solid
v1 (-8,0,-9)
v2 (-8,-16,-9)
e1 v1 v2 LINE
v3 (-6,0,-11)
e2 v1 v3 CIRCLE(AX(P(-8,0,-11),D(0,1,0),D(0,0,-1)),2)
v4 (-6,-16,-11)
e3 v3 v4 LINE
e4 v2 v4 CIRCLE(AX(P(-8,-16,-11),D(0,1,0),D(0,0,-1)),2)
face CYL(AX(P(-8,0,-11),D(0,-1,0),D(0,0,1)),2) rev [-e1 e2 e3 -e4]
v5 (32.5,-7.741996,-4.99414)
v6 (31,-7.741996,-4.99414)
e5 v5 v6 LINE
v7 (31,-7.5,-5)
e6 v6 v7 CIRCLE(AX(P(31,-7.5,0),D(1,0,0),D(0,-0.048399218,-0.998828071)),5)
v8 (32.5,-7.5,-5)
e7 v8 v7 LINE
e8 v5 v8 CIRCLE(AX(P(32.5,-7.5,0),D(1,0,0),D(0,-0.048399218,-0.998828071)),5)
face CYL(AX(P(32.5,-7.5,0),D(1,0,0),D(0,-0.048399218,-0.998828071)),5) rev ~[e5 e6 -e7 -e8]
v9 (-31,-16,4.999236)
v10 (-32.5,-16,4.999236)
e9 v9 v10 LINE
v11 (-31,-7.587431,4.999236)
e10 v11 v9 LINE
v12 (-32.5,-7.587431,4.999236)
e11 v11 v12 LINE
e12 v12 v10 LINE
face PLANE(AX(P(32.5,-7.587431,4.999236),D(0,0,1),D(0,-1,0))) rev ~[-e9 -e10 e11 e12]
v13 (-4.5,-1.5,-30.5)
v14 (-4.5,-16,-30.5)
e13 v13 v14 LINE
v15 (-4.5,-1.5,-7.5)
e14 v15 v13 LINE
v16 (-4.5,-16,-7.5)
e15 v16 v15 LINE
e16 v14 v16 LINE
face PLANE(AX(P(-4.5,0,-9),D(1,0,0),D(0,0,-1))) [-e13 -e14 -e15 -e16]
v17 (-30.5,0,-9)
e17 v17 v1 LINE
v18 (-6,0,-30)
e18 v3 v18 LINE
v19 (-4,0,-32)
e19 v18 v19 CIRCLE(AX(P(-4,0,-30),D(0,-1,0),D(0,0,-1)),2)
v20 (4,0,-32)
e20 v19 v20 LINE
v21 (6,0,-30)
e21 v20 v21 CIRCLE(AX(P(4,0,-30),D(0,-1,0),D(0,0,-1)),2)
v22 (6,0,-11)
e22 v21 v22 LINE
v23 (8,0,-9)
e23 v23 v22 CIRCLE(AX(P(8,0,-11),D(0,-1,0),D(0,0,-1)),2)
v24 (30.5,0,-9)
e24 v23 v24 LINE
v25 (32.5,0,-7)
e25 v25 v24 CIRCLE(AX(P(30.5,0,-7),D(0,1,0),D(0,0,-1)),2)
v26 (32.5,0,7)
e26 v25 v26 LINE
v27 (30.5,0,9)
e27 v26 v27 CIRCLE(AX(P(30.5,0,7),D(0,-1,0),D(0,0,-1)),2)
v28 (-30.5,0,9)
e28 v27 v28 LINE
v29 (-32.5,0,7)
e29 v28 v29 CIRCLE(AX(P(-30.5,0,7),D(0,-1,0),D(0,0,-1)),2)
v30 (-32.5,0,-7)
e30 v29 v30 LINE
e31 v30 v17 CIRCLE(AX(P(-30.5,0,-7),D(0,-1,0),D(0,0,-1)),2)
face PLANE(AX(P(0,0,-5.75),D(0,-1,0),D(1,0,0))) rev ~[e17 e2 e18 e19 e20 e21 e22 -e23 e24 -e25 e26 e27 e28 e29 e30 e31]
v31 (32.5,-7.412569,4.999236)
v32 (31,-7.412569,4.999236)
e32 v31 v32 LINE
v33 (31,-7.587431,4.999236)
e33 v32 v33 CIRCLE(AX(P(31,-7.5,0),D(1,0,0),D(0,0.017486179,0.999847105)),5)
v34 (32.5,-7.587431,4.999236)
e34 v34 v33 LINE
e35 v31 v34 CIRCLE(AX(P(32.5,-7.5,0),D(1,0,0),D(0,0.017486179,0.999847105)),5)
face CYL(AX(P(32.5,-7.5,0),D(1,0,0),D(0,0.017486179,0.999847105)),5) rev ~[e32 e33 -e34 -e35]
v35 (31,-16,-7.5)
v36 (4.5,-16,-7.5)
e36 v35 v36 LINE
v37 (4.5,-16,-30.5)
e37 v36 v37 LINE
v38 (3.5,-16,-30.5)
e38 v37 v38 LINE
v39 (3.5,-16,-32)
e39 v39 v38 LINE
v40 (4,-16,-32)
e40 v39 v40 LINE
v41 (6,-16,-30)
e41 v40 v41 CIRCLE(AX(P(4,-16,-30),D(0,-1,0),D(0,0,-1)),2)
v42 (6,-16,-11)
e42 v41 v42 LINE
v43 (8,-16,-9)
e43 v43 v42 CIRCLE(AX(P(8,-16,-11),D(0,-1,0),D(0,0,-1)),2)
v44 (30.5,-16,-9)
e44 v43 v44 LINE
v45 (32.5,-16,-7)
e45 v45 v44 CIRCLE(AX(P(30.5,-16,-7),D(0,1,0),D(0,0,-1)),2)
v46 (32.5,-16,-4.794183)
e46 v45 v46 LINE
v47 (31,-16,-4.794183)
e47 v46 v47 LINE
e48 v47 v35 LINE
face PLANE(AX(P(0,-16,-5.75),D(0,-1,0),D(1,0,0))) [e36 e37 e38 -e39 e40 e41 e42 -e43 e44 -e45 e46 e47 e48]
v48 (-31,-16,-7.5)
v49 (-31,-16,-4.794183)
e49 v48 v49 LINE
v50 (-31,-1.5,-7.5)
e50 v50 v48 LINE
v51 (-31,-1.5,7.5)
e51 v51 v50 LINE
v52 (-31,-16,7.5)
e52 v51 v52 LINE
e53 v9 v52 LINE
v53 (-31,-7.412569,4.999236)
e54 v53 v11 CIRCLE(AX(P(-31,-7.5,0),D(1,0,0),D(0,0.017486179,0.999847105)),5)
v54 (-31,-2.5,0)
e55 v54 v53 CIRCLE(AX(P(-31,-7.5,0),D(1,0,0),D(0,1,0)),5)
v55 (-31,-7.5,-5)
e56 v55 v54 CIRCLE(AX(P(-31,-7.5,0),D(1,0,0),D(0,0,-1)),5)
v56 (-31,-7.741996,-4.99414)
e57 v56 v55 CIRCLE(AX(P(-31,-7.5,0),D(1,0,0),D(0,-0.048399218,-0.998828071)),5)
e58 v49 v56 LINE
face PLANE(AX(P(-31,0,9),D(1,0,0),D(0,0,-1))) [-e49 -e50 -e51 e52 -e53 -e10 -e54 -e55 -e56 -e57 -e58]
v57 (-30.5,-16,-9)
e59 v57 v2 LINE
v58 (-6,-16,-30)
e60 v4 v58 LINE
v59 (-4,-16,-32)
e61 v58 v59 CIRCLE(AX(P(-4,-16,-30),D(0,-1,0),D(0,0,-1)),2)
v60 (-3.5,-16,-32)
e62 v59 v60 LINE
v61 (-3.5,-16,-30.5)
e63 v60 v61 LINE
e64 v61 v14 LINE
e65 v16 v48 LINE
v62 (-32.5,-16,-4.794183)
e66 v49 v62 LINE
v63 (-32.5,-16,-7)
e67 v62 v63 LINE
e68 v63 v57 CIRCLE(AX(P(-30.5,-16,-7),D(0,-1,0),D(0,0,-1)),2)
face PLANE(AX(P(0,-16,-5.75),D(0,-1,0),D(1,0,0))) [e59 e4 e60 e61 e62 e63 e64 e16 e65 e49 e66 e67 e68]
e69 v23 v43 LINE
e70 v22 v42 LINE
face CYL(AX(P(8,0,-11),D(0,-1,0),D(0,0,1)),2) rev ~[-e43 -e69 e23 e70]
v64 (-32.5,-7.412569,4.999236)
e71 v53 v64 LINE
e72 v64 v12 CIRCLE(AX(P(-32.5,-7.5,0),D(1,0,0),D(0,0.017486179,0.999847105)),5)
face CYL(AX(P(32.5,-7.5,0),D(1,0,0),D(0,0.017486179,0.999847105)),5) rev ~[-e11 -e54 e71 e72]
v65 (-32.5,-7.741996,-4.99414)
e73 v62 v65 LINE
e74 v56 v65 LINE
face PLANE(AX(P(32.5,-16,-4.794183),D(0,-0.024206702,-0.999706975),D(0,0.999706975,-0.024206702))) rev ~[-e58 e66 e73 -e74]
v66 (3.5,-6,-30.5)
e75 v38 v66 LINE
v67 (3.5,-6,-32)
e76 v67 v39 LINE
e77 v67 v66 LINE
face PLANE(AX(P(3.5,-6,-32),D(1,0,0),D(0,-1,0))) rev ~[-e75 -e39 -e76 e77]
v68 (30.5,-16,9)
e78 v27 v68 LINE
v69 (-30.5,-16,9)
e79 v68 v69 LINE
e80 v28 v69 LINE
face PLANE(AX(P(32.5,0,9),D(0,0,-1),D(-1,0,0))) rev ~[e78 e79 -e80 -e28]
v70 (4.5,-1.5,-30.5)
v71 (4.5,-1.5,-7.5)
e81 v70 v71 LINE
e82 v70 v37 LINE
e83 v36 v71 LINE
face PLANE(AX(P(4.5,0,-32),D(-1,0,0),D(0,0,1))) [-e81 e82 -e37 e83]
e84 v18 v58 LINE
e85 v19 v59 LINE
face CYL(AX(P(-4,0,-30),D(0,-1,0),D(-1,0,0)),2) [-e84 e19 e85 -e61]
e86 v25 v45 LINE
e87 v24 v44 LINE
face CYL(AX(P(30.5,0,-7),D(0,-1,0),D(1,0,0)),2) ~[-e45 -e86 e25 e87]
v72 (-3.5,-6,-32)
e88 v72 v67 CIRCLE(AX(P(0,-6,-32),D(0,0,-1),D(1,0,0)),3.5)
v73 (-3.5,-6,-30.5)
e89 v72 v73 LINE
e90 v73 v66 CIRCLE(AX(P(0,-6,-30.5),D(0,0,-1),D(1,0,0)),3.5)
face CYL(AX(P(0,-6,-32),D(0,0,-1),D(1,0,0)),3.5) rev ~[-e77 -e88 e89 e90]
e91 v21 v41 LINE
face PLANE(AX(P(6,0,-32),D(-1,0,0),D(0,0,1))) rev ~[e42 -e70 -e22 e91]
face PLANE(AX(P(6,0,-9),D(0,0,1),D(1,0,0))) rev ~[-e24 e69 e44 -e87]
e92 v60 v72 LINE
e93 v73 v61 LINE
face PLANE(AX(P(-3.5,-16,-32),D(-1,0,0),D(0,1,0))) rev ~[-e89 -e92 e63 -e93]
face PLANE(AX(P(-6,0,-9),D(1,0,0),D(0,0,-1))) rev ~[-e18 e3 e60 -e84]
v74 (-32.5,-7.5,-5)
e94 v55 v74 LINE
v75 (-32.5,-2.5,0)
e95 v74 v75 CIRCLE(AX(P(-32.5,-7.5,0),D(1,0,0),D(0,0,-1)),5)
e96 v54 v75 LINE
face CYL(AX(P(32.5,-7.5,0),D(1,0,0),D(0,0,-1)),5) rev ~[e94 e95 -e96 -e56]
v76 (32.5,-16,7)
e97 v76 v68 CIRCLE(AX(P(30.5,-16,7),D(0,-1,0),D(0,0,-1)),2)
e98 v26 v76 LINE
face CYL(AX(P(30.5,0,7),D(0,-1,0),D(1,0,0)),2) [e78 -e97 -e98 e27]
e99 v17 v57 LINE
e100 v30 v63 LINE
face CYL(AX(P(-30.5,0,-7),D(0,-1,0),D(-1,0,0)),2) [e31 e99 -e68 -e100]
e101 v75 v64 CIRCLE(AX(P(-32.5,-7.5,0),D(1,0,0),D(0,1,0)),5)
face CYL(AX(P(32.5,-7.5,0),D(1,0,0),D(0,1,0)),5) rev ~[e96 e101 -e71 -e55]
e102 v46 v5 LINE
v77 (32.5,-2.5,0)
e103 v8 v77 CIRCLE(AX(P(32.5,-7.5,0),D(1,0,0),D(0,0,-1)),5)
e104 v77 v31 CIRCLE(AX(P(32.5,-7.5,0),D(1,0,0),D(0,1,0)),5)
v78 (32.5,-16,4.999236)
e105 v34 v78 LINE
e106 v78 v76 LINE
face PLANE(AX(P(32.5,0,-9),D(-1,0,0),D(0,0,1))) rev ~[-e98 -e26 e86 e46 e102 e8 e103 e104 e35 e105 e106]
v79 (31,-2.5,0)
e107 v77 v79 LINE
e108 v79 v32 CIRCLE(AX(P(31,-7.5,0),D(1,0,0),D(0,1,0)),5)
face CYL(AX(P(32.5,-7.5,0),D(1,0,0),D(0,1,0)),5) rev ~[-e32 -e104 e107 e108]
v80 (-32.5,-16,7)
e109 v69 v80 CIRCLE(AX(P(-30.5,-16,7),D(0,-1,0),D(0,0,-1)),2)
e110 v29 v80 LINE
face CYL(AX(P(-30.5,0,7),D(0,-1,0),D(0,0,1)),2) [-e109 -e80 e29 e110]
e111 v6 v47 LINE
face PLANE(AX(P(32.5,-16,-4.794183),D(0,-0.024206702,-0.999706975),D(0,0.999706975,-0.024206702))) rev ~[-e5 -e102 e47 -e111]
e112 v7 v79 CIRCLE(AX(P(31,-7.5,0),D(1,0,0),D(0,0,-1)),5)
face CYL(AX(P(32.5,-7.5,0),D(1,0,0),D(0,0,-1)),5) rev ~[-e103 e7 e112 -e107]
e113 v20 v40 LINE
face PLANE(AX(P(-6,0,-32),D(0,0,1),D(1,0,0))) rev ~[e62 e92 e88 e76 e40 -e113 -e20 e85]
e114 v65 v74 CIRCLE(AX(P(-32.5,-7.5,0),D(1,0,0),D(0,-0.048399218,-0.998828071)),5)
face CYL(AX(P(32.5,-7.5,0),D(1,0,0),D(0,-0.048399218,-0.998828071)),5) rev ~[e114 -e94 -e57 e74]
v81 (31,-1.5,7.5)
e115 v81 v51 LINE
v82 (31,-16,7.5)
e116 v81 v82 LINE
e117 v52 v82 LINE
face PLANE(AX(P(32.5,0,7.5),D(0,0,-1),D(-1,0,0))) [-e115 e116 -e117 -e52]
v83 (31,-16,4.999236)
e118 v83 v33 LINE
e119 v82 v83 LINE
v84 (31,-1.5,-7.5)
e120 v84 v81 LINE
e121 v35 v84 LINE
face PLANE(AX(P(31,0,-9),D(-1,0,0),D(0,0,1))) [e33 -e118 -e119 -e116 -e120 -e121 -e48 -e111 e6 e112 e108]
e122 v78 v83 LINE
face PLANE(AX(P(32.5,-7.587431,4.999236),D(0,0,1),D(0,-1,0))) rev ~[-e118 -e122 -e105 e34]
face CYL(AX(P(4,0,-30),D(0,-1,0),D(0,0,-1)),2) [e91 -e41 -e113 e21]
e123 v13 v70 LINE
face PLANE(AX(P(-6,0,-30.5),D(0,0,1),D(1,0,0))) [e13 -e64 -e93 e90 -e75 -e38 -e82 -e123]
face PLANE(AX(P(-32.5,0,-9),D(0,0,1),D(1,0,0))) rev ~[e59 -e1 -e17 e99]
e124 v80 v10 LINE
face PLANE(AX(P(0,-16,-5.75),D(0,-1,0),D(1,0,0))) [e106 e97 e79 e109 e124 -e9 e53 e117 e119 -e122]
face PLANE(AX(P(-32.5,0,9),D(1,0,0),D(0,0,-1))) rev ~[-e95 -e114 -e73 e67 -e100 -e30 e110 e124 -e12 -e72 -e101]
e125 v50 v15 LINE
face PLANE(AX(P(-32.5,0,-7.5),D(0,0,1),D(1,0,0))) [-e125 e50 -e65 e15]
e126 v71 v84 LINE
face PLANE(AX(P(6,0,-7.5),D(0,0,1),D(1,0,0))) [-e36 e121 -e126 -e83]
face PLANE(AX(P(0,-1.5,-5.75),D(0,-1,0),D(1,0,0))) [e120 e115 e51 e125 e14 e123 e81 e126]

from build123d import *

# Parameters (mm, degrees)
F1_DEPTH = 16
F2_T     = -1.5
F4_DEPTH = 100
F6_DEPTH = 25
F7_R     = 2


with BuildPart() as f1:
    # F0 (on Front) → F1 (new body)
    with BuildSketch(Plane.XZ):
        Polygon((32.5, -9), (32.5, 9), (-32.5, 9), (-32.5, -9), (-6, -9), (-6, -32), (6, -32), (6, -9), align=None)
    extrude(amount=F1_DEPTH)

    # F2
    f2_openings = [f1.faces().sort_by_distance(p)[0] for p in [
        (0, -16, -3.912863),
    ]]
    offset(amount=F2_T, openings=f2_openings, kind=Kind.INTERSECTION)

    # F3 (on face) → F4 (cut)
    with BuildSketch(Plane.YZ.offset(32.5)):
        with BuildLine():
            ThreePointArc((-7.5, -5), (-3.9644660941, -3.5355339059), (-2.5, 0))
            ThreePointArc((-2.5, 0), (-3.9336885694, 3.5044860935), (-7.4125691119, 4.9992355255))
            Line((-7.4125691119, 4.9992355255), (-7.5874308881, 4.9992355255))
            ThreePointArc((-7.5874308881, 4.9992355255), (-12.4994020552, 0.0773245797), (-7.7419960904, -4.9941403557))
            Line((-7.7419960904, -4.9941403557), (-7.5, -5))
        make_face()
        with BuildLine():
            Line((-7.5874308881, 4.9992355255), (-7.4125691119, 4.9992355255))
            ThreePointArc((-7.4125691119, 4.9992355255), (-7.5, 5), (-7.5874308881, 4.9992355255))
        make_face()
        with BuildLine():
            ThreePointArc((-7.7419960904, -4.9941403557), (-7.6210335111, -4.9985348743), (-7.5, -5))
            Line((-7.5, -5), (-7.7419960904, -4.9941403557))
        make_face()
        with BuildLine():
            ThreePointArc((-7.7419960904, -4.9941403557), (-12.4994020552, 0.0773245797), (-7.5874308881, 4.9992355255))
            Line((-7.5874308881, 4.9992355255), (-16, 4.9992355255))
            Line((-16, 4.9992355255), (-16, -4.7941827215))
            Line((-16, -4.7941827215), (-7.7419960904, -4.9941403557))
        make_face()
    extrude(amount=-F4_DEPTH, mode=Mode.SUBTRACT)

    # F5 (on face) → F6 (cut)
    with BuildSketch(Plane(origin=(0, 0, -32), x_dir=(1, 0, 0), z_dir=(0, 0, -1))):
        with BuildLine():
            ThreePointArc((-3.5, 6), (0, 2.5), (3.5, 6))
            ThreePointArc((3.5, 6), (0, 9.5), (-3.5, 6))
        make_face()
        with BuildLine():
            ThreePointArc((-3.5, 6), (0, 9.5), (3.5, 6))
            Line((3.5, 6), (3.5, 16))
            Line((3.5, 16), (-3.5, 16))
            Line((-3.5, 16), (-3.5, 6))
        make_face()
    extrude(amount=-F6_DEPTH, mode=Mode.SUBTRACT)

    # F7
    f7_edges = [f1.edges().sort_by_distance(p)[0] for p in [
        (-32.5, -8, -9),
        (-6, -8, -9),
        (-6, -8, -32),
        (6, -8, -32),
        (6, -8, -9),
        (32.5, -8, -9),
        (32.5, -8, 9),
        (-32.5, -8, 9),
    ]]
    fillet(f7_edges, radius=F7_R)


solid = f1.part
